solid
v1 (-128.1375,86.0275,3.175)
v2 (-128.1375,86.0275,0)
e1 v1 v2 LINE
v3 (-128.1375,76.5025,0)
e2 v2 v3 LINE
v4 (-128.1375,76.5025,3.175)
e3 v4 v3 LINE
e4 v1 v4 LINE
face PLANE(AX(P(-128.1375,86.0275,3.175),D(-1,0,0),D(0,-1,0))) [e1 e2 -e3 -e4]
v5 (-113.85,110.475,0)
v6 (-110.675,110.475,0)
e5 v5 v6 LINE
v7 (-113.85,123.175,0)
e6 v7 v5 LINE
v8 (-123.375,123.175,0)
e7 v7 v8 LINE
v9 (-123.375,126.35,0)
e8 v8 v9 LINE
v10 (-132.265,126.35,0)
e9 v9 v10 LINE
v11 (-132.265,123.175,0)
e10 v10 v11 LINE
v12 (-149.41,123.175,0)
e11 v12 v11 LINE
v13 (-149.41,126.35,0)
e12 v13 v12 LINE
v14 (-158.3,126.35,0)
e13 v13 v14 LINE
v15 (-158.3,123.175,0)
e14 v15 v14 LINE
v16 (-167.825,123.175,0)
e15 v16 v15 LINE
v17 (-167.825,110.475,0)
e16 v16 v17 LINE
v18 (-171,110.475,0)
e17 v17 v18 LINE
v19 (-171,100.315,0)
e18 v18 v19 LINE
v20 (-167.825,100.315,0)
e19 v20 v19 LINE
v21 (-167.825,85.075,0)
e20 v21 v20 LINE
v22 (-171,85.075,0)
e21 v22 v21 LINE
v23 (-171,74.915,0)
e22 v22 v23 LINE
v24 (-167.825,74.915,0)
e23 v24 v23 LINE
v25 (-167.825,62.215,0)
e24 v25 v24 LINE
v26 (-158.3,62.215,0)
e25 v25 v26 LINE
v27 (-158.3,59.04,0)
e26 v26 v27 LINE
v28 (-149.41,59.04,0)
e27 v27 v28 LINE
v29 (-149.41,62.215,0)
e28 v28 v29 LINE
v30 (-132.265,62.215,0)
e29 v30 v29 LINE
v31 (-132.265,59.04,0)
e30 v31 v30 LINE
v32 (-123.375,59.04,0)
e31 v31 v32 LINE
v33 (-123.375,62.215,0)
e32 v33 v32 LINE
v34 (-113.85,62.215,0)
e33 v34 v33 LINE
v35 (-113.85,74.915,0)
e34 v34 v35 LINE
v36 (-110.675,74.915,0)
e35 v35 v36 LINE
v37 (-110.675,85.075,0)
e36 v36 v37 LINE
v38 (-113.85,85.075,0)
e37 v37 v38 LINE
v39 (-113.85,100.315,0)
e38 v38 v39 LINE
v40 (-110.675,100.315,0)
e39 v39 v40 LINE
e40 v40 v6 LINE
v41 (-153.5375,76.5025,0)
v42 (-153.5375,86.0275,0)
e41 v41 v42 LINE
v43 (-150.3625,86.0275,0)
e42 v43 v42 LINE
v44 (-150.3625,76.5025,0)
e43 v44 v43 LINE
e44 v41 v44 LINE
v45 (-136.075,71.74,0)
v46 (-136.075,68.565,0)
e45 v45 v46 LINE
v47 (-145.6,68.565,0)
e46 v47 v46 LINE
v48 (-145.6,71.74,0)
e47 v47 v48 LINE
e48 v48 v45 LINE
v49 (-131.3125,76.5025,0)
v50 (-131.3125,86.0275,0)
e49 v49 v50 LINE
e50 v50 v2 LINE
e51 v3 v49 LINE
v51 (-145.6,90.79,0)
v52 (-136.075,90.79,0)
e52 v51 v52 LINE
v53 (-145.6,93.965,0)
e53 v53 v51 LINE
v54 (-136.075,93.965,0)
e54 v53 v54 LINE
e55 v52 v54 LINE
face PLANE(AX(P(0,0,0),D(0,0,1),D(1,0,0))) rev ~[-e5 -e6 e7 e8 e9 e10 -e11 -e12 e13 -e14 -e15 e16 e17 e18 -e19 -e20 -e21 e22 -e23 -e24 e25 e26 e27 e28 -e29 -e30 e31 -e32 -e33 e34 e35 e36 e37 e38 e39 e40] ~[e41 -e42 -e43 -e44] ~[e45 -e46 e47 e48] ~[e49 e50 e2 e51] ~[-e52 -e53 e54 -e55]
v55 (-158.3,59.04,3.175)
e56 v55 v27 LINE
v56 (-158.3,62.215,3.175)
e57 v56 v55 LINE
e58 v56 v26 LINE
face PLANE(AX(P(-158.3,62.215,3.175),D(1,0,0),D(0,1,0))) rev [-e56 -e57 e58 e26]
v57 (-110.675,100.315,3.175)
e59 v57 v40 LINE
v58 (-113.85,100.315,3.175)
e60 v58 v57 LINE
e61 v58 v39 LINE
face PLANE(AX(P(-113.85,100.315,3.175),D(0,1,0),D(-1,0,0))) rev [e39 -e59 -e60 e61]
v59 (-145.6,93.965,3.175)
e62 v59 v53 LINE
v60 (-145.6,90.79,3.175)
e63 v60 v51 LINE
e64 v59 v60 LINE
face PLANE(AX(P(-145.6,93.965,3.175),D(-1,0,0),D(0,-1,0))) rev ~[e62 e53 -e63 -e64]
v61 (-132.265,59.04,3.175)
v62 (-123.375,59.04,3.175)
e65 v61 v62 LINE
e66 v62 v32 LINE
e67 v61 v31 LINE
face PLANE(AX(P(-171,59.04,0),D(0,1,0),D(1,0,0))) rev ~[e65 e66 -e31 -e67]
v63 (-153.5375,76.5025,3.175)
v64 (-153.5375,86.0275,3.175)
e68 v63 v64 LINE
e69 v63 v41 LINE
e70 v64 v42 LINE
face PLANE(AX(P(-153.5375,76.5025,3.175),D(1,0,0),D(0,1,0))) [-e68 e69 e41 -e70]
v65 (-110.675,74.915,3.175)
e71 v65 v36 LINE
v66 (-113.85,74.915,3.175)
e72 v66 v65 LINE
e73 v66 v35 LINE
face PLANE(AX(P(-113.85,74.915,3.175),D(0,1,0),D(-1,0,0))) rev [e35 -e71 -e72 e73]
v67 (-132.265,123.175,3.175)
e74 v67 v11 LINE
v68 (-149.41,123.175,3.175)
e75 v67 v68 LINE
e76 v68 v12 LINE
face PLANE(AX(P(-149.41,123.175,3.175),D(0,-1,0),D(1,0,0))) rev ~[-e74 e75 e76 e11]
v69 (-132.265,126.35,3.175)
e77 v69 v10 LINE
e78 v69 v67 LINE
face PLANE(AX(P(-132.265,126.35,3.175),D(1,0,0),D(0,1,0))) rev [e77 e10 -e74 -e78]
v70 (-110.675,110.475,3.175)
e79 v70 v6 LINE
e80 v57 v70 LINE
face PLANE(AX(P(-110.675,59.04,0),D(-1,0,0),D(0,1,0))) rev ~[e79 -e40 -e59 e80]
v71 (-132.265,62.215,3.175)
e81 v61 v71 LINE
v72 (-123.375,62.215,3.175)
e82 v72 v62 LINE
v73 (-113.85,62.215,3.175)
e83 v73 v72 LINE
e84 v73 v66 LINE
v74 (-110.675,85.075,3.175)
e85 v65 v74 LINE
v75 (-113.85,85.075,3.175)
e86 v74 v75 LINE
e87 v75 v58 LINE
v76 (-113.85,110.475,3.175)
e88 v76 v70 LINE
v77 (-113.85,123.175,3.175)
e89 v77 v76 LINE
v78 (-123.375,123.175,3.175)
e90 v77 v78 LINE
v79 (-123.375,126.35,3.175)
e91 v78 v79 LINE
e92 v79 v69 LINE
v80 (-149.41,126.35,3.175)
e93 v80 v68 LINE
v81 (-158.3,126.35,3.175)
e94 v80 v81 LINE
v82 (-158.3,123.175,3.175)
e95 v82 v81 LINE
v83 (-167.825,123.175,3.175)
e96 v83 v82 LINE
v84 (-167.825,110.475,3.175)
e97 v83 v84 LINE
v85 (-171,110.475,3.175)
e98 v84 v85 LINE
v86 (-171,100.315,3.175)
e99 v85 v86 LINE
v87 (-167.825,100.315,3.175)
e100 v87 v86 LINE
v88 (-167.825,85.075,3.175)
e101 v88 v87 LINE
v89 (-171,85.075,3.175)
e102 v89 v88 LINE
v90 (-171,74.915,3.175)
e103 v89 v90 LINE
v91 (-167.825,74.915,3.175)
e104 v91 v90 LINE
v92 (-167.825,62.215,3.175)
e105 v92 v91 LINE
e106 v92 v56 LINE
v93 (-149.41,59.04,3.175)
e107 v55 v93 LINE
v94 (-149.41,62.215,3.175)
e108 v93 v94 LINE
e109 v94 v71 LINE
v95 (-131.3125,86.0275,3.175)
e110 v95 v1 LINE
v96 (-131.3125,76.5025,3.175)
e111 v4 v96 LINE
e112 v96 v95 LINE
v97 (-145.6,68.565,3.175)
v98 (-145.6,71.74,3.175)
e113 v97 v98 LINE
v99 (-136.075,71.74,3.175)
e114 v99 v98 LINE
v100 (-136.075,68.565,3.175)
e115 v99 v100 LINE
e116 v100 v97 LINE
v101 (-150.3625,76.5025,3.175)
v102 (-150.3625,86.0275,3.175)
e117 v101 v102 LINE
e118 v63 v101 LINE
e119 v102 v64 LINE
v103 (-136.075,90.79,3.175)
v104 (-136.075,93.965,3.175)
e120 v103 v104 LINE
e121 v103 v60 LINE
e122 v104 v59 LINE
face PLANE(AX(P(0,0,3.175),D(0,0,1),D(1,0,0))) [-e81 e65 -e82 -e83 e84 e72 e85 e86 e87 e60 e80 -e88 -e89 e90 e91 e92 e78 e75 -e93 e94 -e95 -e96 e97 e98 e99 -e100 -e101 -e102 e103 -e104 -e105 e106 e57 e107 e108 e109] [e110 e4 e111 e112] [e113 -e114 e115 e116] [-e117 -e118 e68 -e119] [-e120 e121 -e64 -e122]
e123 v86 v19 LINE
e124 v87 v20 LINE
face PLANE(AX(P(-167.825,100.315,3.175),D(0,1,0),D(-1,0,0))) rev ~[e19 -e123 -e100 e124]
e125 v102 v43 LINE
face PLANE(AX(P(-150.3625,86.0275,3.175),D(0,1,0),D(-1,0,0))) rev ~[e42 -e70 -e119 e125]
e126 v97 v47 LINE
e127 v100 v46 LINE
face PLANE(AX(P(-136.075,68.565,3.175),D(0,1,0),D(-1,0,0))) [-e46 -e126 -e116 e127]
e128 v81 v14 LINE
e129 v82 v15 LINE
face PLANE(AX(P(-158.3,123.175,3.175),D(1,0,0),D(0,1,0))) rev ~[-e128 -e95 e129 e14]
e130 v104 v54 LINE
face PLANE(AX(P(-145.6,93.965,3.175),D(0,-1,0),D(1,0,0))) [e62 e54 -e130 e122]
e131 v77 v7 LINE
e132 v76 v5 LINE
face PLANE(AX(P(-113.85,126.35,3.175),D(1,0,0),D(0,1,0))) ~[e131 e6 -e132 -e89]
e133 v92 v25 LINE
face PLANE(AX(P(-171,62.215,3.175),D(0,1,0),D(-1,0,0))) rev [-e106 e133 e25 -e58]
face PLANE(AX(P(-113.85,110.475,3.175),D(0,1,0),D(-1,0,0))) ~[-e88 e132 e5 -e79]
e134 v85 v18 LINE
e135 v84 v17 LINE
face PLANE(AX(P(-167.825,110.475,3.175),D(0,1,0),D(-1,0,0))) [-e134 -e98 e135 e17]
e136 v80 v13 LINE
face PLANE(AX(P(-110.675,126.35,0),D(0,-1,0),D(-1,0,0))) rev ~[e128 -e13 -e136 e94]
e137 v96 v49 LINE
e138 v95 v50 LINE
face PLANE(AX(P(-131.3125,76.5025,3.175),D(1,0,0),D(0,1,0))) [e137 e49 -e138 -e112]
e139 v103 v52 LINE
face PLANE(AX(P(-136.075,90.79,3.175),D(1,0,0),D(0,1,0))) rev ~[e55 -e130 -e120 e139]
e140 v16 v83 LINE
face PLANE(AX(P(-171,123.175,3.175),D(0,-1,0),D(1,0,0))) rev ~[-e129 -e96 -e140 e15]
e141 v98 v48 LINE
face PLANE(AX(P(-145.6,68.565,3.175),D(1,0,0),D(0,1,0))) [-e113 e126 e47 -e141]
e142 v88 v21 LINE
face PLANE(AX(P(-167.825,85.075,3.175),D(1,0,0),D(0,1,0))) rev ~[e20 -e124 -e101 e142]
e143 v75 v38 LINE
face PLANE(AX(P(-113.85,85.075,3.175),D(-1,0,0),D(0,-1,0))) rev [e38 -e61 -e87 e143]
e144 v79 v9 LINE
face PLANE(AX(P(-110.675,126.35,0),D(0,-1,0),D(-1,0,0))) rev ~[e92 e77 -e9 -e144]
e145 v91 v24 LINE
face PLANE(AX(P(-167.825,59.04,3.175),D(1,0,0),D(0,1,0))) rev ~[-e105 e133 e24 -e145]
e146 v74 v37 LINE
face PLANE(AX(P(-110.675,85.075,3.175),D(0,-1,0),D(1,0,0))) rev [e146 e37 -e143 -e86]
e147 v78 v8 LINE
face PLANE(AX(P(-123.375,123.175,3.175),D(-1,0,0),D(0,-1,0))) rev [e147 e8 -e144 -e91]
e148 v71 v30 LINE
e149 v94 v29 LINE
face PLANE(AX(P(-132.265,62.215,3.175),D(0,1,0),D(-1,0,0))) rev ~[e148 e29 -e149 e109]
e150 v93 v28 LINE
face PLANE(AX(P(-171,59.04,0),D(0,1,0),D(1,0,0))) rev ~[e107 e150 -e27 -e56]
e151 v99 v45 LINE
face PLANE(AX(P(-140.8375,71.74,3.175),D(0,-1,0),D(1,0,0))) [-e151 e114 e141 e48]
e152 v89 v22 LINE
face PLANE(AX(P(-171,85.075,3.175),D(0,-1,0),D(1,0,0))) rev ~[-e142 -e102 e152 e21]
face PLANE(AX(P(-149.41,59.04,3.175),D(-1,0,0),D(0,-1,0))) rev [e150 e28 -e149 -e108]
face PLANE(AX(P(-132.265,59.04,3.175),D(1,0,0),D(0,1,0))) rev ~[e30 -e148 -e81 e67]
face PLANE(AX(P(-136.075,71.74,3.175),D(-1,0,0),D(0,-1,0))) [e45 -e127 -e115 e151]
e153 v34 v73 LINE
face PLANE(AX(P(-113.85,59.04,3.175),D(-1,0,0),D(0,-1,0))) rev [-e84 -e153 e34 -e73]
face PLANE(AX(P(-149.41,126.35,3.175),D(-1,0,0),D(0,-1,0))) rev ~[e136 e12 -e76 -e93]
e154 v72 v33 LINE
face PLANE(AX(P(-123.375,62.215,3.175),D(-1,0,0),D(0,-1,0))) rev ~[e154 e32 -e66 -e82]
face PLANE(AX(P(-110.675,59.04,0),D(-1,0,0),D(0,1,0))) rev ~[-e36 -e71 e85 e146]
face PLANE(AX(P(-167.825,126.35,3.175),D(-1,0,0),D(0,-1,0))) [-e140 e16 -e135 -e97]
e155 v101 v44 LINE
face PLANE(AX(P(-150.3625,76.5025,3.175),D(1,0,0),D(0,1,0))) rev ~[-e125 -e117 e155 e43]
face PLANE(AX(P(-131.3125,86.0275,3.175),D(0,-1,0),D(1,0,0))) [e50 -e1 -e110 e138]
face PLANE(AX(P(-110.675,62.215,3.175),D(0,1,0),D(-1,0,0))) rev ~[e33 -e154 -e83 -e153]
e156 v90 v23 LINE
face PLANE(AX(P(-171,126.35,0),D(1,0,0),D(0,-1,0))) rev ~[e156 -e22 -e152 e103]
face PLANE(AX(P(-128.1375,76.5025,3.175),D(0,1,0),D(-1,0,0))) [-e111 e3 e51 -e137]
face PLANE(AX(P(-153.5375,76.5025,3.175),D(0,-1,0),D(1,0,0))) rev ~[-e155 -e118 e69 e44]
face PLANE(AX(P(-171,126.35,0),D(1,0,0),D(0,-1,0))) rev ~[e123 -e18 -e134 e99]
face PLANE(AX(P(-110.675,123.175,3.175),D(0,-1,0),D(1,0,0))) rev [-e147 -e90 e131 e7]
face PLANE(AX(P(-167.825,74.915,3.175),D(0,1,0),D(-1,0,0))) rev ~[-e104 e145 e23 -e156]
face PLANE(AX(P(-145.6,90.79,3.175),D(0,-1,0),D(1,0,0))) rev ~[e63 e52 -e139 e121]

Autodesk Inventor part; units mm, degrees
ref_plane "YZ Plane" through (0, 0, 0) normal (1, 0, 0) x (0, 1, 0)
ref_plane "XZ Plane" through (0, 0, 0) normal (0, 1, 0) x (-1, 0, 0)
ref_plane "XY Plane" through (0, 0, 0) normal (0, 0, 1) x (1, 0, 0)
sketch "Sketch1" plane through (0, 0, 0) normal (0, 0, 1) x (1, 0, 0)
  line L0 (-110.675, 126.35) -> (-171, 126.35)
  line L1 (-171, 126.35) -> (-171, 59.04)
  line L2 (-171, 59.04) -> (-110.675, 59.04)
  line L3 (-110.675, 59.04) -> (-110.675, 126.35)
  point P0 (0, 0)
  dimension "d0" = 60.325
  dimension "d1" = 67.31
extrude "Extrusion1" add sketch "Sketch1" along normal blind 3.175
sketch "Sketch2" plane through (0, 0, 3.175) normal (0, 0, 1) x (1, 0, 0)
  line L0 (-171, 126.35) -> (-171, 59.04) projected
  line L1 (-171, 59.04) -> (-167.825, 59.04)
  line L2 (-167.825, 59.04) -> (-167.825, 74.915)
  line L3 (-167.825, 74.915) -> (-171, 74.915)
  line L4 (-171, 74.915) -> (-171, 59.04)
  line L5 (-171, 85.075) -> (-167.825, 85.075)
  line L6 (-167.825, 85.075) -> (-167.825, 100.315)
  line L7 (-167.825, 100.315) -> (-171, 100.315)
  line L8 (-171, 100.315) -> (-171, 85.075)
  line L9 (-110.675, 126.35) -> (-171, 126.35) projected
  line L10 (-171, 126.35) -> (-167.825, 126.35)
  line L11 (-167.825, 126.35) -> (-167.825, 110.475)
  line L12 (-167.825, 110.475) -> (-171, 110.475)
  line L13 (-171, 110.475) -> (-171, 126.35)
  point P0 (0, 0)
  dimension "d4" = 3.175
  dimension "d5" = 15.875
  dimension "d6" = 10.16
  dimension "d7" = 15.875
  dimension "d8" = 10.16
extrude "Extrusion3" cut sketch "Sketch2" against normal blind 3.175
ref_plane "Work Plane1" through (-140.8375, 59.04, 0) normal (1, 0, 0) x (0, 0, -1)
mirror "Mirror1" about plane through (-140.8375, 59.04, 0) normal (1, 0, 0) of "Extrusion3"
sketch "Sketch3" plane through (0, 0, 3.175) normal (0, 0, 1) x (1, 0, 0)
  line L0 (-123.375, 59.04) -> (-110.675, 59.04)
  line L1 (-110.675, 59.04) -> (-110.675, 62.215)
  line L2 (-110.675, 62.215) -> (-123.375, 62.215)
  line L3 (-123.375, 62.215) -> (-123.375, 59.04)
  line L4 (-167.825, 59.04) -> (-113.85, 59.04) projected
  line L5 (-110.675, 74.915) -> (-110.675, 85.075) projected
  line L6 (-140.8375, 59.04) -> (-132.265, 59.04)
  line L7 (-132.265, 59.04) -> (-132.265, 62.215)
  line L8 (-132.265, 62.215) -> (-140.8375, 62.215)
  line L9 (-140.8375, 62.215) -> (-140.8375, 59.04)
  point P0 (0, 0)
  dimension "d13" = 12.7
  dimension "d14" = 3.175
  dimension "d15" = 8.89
extrude "Extrusion4" cut sketch "Sketch3" against normal blind 3.175
mirror "Mirror2" about plane through (-140.8375, 59.04, 0) normal (1, 0, 0) of "Extrusion4"
ref_plane "Work Plane2" through (-158.3, 92.695, 0) normal (0, -1, 0) x (1, 0, 0)
mirror "Mirror3" about plane through (-158.3, 92.695, 0) normal (0, -1, 0) of "Extrusion4", "Mirror2"
sketch "Sketch4" plane through (0, 0, 3.175) normal (0, 0, 1) x (1, 0, 0)
  line L0 (-128.1375, 68.565) -> (-153.5375, 68.565)
  line L1 (-153.5375, 68.565) -> (-153.5375, 93.965)
  line L2 (-153.5375, 93.965) -> (-128.1375, 93.965)
  line L3 (-128.1375, 93.965) -> (-128.1375, 68.565)
  line L4 (-149.41, 62.215) -> (-132.265, 62.215) projected
  line L5 (-140.8375, 151.62) -> (-140.8375, -25.27) projected
  line L6 (-136.075, 93.965) -> (-145.6, 93.965)
  line L7 (-145.6, 93.965) -> (-145.6, 90.79)
  line L8 (-145.6, 90.79) -> (-136.075, 90.79)
  line L9 (-136.075, 90.79) -> (-136.075, 93.965)
  line L10 (-136.075, 68.565) -> (-145.6, 68.565)
  line L11 (-145.6, 68.565) -> (-145.6, 71.74)
  line L12 (-145.6, 71.74) -> (-136.075, 71.74)
  line L13 (-136.075, 71.74) -> (-136.075, 68.565)
  line L14 (-128.1375, 76.5025) -> (-131.3125, 76.5025)
  line L15 (-131.3125, 76.5025) -> (-131.3125, 86.0275)
  line L16 (-131.3125, 86.0275) -> (-128.1375, 86.0275)
  line L17 (-128.1375, 86.0275) -> (-128.1375, 76.5025)
  line L18 (-153.5375, 76.5025) -> (-150.3625, 76.5025)
  line L19 (-150.3625, 76.5025) -> (-150.3625, 86.0275)
  line L20 (-150.3625, 86.0275) -> (-153.5375, 86.0275)
  line L21 (-153.5375, 86.0275) -> (-153.5375, 76.5025)
  point P0 (0, 0)
  dimension "d18" = 6.35
  dimension "d19" = 12.7
  dimension "d20" = 25.4
  dimension "d21" = 25.4
  dimension "d22" = 7.9375
  dimension "d23" = 7.9375
  dimension "d24" = 3.175
  dimension "d25" = 3.175
  dimension "d26" = 7.9375
  dimension "d27" = 7.9375
  dimension "d28" = 3.175
  dimension "d29" = 3.175
extrude "Extrusion5" cut sketch "Sketch4" against normal blind 3.175 contours L0 L5 L12 L13 | L14 L15 L16 L3 | L0 L11 L12 L5 | L8 L7 L2 L5 | L5 L2 L9 L8 | L1 L20 L19 L18
